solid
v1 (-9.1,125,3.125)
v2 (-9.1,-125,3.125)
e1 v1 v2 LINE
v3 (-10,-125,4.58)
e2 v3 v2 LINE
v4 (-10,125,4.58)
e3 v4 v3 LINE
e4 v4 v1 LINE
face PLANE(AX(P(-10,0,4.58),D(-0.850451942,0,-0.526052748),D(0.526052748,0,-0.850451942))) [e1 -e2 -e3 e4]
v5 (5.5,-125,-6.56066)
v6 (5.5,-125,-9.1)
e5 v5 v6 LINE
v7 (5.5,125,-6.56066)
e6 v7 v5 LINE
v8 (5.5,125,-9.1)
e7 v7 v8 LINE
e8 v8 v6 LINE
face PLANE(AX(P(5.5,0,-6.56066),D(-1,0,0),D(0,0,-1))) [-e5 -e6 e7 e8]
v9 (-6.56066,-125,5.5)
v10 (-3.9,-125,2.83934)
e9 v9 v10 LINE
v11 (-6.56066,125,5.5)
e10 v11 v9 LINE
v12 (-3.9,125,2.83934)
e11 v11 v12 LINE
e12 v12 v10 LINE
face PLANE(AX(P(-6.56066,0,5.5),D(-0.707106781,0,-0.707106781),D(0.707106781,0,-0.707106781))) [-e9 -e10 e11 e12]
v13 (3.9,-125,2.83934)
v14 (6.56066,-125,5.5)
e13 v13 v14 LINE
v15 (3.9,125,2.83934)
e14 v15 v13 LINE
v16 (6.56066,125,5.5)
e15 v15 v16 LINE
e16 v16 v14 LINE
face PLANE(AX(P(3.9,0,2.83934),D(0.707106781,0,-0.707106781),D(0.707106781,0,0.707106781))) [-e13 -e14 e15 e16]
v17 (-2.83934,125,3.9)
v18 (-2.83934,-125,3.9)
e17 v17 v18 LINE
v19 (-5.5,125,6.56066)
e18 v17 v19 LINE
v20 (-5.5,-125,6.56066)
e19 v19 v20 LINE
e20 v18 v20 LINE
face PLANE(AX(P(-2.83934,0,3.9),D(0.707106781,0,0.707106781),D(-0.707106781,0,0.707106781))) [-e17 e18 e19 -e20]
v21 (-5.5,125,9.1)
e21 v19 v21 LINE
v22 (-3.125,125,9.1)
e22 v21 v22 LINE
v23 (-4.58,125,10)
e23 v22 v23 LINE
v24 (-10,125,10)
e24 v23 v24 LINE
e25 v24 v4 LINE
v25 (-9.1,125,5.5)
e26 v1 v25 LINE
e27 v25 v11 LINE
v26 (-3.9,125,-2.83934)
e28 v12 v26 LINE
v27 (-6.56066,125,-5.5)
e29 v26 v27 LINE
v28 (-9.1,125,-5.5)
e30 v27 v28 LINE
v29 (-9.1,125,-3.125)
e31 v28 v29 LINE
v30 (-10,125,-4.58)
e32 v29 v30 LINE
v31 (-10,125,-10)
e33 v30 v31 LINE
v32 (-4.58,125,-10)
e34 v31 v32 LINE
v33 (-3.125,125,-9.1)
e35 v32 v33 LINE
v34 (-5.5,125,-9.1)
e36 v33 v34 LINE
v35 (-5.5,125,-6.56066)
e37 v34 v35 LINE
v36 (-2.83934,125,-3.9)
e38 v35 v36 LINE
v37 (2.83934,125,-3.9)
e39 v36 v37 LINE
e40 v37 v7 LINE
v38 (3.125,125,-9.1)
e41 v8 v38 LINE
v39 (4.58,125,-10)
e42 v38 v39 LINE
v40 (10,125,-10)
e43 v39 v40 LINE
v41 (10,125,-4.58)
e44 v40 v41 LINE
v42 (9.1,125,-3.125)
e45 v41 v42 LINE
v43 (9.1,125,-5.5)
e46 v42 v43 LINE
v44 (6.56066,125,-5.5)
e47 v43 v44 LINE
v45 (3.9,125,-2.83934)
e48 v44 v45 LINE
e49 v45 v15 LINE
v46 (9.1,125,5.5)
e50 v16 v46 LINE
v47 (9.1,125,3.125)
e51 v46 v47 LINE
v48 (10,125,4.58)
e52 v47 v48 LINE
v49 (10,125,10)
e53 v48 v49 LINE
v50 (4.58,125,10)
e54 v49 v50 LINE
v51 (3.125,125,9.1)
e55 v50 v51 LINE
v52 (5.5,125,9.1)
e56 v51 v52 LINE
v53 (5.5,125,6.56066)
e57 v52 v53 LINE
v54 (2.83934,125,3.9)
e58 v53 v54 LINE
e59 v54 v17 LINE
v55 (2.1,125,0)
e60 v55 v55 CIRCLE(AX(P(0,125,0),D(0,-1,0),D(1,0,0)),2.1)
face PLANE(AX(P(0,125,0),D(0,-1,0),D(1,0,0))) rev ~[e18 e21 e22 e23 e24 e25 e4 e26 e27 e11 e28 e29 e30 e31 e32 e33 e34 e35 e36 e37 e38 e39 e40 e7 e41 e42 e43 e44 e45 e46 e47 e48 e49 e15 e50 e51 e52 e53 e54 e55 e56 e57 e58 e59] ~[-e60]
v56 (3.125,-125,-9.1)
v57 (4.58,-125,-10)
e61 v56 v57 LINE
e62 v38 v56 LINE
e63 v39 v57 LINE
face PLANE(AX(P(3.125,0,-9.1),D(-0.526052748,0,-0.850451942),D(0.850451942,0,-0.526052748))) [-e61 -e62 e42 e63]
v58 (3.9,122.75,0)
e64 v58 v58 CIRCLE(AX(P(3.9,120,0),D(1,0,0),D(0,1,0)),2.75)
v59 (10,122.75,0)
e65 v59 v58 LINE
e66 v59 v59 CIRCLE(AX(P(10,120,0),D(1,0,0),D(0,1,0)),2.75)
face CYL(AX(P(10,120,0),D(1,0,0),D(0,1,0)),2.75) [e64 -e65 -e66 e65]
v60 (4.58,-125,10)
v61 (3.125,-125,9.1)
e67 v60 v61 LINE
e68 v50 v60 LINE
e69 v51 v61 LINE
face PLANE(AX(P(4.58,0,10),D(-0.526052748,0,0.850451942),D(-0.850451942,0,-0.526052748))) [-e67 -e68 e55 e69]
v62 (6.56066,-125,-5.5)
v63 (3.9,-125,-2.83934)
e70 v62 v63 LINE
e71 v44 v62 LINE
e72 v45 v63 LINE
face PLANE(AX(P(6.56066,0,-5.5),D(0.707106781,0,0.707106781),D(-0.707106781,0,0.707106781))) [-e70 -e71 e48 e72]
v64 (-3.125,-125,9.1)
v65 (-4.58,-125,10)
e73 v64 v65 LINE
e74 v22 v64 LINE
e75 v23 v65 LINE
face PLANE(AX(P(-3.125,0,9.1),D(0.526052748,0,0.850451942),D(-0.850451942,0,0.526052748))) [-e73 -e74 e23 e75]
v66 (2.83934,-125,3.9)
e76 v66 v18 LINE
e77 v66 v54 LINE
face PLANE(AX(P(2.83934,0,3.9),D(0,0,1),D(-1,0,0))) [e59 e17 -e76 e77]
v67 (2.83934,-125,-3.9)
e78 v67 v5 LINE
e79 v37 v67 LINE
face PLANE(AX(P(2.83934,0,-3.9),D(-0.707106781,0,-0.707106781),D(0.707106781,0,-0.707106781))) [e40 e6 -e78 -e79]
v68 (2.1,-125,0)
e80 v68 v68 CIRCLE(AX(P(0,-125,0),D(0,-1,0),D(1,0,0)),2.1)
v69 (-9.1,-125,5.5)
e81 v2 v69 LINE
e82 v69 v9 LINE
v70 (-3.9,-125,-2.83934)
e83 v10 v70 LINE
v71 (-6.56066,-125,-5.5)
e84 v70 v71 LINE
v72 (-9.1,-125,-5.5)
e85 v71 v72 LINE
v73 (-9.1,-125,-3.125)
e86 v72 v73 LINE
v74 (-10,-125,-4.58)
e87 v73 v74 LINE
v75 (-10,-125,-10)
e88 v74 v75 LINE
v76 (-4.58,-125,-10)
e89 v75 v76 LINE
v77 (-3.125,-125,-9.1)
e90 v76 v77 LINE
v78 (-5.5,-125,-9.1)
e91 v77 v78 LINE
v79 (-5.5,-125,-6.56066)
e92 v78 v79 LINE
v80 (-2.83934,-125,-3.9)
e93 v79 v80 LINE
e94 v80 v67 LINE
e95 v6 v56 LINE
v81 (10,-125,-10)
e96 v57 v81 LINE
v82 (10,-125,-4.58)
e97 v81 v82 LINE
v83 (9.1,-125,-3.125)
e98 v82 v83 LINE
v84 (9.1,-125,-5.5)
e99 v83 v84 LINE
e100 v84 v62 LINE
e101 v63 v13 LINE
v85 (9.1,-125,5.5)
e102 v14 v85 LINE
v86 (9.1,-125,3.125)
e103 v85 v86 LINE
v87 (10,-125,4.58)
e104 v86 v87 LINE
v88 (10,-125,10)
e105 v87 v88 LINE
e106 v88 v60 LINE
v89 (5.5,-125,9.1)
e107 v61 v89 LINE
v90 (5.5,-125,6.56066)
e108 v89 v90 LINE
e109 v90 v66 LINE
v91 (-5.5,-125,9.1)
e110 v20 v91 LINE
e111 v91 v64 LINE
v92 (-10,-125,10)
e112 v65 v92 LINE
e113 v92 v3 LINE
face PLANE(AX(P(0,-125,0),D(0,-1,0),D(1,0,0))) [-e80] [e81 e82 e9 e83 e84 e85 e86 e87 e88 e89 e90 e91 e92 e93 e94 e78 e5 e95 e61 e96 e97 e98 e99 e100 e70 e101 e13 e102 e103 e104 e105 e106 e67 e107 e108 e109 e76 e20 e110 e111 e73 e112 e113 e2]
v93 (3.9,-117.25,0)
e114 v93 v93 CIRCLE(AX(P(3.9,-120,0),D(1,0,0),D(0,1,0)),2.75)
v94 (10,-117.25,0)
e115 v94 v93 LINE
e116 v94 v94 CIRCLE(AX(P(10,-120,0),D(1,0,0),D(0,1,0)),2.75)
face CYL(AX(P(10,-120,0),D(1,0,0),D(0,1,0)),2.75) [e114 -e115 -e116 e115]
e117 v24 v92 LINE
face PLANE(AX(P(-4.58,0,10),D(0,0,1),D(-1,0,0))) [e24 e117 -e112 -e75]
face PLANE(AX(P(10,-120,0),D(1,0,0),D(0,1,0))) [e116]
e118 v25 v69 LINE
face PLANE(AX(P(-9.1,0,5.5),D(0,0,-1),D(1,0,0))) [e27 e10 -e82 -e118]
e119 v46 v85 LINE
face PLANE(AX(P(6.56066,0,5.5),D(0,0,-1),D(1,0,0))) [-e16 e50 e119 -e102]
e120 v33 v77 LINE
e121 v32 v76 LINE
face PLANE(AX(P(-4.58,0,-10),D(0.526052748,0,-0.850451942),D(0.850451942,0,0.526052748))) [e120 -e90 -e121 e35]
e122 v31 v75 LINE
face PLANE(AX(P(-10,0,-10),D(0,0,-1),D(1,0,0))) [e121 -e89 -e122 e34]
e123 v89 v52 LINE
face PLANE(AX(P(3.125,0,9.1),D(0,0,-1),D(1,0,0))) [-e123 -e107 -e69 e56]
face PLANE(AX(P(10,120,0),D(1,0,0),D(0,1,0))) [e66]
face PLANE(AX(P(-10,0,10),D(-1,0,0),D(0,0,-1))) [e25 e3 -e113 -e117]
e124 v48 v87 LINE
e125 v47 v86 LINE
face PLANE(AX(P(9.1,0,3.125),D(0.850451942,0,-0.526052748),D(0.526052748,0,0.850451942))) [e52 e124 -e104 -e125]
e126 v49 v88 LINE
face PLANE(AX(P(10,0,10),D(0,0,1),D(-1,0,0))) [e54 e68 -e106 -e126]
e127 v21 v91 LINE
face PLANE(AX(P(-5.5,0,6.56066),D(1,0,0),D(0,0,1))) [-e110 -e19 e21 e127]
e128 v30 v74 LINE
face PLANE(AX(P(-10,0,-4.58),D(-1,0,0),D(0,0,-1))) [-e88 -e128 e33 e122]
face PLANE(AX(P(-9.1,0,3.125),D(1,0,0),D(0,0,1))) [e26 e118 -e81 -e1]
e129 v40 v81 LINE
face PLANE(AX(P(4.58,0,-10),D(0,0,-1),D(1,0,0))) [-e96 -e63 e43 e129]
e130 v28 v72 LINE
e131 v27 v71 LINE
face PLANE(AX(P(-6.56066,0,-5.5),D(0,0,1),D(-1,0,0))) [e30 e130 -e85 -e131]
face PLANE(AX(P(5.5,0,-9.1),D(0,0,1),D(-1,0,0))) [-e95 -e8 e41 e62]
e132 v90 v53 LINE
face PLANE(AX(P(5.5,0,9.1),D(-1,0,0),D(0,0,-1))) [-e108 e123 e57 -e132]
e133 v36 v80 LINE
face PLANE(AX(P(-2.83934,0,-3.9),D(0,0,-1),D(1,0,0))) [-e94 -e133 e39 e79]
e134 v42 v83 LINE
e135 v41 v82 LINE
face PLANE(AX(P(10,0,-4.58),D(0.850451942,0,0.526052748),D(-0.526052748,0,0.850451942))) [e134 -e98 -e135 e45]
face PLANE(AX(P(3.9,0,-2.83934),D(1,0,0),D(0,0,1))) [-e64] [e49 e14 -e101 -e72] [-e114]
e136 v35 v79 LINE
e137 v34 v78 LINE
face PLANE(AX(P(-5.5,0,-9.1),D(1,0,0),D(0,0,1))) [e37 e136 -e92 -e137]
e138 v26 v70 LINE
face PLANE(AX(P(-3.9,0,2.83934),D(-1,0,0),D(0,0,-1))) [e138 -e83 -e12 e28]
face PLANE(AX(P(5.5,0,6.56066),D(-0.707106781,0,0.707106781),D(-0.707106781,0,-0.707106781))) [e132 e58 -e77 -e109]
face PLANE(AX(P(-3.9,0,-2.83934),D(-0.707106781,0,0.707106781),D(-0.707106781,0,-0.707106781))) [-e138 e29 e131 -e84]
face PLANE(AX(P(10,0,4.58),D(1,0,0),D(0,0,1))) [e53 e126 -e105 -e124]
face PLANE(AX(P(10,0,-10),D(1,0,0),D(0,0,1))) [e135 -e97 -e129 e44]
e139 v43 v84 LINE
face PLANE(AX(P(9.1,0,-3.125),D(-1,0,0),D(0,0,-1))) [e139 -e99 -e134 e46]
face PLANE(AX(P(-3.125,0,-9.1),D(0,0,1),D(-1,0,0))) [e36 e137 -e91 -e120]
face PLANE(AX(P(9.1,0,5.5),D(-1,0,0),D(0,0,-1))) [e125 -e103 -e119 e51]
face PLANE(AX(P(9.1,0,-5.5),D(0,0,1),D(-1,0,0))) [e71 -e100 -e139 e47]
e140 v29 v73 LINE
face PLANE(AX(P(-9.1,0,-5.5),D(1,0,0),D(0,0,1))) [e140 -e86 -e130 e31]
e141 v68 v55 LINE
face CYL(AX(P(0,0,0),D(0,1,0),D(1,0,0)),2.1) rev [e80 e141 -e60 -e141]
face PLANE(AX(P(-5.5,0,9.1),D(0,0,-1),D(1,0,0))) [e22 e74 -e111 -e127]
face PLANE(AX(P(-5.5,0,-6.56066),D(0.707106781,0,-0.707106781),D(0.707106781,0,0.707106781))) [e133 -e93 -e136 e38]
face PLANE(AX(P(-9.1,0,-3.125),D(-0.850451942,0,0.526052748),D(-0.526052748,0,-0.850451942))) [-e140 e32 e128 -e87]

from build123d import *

# Parameters (mm, degrees)
F0_R     = 2.1
F1_DEPTH = 125
F2_R     = 2.75
F3_DEPTH = 6.1


with BuildPart() as f1:
    # F0 (on Front) → F1 (new body, symmetric)
    with BuildSketch(Plane.XZ):
        Polygon((3.9, 2.83934), (3.9, 3.9), (2.83934, 3.9), (-2.83934, 3.9), (-3.9, 3.9), (-3.9, 2.83934), (-3.9, -2.83934), (-3.9, -3.9), (-2.83934, -3.9), (2.83934, -3.9), (3.9, -3.9), (3.9, -2.83934), align=None)
        Circle(F0_R, mode=Mode.SUBTRACT)
        Polygon((2.83934, 3.9), (3.9, 3.9), (3.9, 2.83934), (6.56066, 5.5), (9.1, 5.5), (9.1, 3.125), (10, 4.58), (10, 10), (4.58, 10), (3.125, 9.1), (5.5, 9.1), (5.5, 6.56066), align=None)
        Polygon((-3.9, 3.9), (-2.83934, 3.9), (-5.5, 6.56066), (-5.5, 9.1), (-3.125, 9.1), (-4.58, 10), (-10, 10), (-10, 4.58), (-9.1, 3.125), (-9.1, 5.5), (-6.56066, 5.5), (-3.9, 2.83934), align=None)
        Polygon((6.56066, -5.5), (3.9, -2.83934), (3.9, -3.9), (2.83934, -3.9), (5.5, -6.56066), (5.5, -9.1), (3.125, -9.1), (4.58, -10), (10, -10), (10, -4.58), (9.1, -3.125), (9.1, -5.5), align=None)
        Polygon((-3.9, -3.9), (-3.9, -2.83934), (-6.56066, -5.5), (-9.1, -5.5), (-9.1, -3.125), (-10, -4.58), (-10, -10), (-4.58, -10), (-3.125, -9.1), (-5.5, -9.1), (-5.5, -6.56066), (-2.83934, -3.9), align=None)
    extrude(amount=F1_DEPTH, both=True)

    # F2 (on face) → F3 (join, through all)
    with BuildSketch(Plane.YZ.offset(10)):
        with Locations((-120, 0)):
            Circle(F2_R)
        with Locations((120, 0)):
            Circle(F2_R)
    extrude(amount=-F3_DEPTH)


solid = f1.part
